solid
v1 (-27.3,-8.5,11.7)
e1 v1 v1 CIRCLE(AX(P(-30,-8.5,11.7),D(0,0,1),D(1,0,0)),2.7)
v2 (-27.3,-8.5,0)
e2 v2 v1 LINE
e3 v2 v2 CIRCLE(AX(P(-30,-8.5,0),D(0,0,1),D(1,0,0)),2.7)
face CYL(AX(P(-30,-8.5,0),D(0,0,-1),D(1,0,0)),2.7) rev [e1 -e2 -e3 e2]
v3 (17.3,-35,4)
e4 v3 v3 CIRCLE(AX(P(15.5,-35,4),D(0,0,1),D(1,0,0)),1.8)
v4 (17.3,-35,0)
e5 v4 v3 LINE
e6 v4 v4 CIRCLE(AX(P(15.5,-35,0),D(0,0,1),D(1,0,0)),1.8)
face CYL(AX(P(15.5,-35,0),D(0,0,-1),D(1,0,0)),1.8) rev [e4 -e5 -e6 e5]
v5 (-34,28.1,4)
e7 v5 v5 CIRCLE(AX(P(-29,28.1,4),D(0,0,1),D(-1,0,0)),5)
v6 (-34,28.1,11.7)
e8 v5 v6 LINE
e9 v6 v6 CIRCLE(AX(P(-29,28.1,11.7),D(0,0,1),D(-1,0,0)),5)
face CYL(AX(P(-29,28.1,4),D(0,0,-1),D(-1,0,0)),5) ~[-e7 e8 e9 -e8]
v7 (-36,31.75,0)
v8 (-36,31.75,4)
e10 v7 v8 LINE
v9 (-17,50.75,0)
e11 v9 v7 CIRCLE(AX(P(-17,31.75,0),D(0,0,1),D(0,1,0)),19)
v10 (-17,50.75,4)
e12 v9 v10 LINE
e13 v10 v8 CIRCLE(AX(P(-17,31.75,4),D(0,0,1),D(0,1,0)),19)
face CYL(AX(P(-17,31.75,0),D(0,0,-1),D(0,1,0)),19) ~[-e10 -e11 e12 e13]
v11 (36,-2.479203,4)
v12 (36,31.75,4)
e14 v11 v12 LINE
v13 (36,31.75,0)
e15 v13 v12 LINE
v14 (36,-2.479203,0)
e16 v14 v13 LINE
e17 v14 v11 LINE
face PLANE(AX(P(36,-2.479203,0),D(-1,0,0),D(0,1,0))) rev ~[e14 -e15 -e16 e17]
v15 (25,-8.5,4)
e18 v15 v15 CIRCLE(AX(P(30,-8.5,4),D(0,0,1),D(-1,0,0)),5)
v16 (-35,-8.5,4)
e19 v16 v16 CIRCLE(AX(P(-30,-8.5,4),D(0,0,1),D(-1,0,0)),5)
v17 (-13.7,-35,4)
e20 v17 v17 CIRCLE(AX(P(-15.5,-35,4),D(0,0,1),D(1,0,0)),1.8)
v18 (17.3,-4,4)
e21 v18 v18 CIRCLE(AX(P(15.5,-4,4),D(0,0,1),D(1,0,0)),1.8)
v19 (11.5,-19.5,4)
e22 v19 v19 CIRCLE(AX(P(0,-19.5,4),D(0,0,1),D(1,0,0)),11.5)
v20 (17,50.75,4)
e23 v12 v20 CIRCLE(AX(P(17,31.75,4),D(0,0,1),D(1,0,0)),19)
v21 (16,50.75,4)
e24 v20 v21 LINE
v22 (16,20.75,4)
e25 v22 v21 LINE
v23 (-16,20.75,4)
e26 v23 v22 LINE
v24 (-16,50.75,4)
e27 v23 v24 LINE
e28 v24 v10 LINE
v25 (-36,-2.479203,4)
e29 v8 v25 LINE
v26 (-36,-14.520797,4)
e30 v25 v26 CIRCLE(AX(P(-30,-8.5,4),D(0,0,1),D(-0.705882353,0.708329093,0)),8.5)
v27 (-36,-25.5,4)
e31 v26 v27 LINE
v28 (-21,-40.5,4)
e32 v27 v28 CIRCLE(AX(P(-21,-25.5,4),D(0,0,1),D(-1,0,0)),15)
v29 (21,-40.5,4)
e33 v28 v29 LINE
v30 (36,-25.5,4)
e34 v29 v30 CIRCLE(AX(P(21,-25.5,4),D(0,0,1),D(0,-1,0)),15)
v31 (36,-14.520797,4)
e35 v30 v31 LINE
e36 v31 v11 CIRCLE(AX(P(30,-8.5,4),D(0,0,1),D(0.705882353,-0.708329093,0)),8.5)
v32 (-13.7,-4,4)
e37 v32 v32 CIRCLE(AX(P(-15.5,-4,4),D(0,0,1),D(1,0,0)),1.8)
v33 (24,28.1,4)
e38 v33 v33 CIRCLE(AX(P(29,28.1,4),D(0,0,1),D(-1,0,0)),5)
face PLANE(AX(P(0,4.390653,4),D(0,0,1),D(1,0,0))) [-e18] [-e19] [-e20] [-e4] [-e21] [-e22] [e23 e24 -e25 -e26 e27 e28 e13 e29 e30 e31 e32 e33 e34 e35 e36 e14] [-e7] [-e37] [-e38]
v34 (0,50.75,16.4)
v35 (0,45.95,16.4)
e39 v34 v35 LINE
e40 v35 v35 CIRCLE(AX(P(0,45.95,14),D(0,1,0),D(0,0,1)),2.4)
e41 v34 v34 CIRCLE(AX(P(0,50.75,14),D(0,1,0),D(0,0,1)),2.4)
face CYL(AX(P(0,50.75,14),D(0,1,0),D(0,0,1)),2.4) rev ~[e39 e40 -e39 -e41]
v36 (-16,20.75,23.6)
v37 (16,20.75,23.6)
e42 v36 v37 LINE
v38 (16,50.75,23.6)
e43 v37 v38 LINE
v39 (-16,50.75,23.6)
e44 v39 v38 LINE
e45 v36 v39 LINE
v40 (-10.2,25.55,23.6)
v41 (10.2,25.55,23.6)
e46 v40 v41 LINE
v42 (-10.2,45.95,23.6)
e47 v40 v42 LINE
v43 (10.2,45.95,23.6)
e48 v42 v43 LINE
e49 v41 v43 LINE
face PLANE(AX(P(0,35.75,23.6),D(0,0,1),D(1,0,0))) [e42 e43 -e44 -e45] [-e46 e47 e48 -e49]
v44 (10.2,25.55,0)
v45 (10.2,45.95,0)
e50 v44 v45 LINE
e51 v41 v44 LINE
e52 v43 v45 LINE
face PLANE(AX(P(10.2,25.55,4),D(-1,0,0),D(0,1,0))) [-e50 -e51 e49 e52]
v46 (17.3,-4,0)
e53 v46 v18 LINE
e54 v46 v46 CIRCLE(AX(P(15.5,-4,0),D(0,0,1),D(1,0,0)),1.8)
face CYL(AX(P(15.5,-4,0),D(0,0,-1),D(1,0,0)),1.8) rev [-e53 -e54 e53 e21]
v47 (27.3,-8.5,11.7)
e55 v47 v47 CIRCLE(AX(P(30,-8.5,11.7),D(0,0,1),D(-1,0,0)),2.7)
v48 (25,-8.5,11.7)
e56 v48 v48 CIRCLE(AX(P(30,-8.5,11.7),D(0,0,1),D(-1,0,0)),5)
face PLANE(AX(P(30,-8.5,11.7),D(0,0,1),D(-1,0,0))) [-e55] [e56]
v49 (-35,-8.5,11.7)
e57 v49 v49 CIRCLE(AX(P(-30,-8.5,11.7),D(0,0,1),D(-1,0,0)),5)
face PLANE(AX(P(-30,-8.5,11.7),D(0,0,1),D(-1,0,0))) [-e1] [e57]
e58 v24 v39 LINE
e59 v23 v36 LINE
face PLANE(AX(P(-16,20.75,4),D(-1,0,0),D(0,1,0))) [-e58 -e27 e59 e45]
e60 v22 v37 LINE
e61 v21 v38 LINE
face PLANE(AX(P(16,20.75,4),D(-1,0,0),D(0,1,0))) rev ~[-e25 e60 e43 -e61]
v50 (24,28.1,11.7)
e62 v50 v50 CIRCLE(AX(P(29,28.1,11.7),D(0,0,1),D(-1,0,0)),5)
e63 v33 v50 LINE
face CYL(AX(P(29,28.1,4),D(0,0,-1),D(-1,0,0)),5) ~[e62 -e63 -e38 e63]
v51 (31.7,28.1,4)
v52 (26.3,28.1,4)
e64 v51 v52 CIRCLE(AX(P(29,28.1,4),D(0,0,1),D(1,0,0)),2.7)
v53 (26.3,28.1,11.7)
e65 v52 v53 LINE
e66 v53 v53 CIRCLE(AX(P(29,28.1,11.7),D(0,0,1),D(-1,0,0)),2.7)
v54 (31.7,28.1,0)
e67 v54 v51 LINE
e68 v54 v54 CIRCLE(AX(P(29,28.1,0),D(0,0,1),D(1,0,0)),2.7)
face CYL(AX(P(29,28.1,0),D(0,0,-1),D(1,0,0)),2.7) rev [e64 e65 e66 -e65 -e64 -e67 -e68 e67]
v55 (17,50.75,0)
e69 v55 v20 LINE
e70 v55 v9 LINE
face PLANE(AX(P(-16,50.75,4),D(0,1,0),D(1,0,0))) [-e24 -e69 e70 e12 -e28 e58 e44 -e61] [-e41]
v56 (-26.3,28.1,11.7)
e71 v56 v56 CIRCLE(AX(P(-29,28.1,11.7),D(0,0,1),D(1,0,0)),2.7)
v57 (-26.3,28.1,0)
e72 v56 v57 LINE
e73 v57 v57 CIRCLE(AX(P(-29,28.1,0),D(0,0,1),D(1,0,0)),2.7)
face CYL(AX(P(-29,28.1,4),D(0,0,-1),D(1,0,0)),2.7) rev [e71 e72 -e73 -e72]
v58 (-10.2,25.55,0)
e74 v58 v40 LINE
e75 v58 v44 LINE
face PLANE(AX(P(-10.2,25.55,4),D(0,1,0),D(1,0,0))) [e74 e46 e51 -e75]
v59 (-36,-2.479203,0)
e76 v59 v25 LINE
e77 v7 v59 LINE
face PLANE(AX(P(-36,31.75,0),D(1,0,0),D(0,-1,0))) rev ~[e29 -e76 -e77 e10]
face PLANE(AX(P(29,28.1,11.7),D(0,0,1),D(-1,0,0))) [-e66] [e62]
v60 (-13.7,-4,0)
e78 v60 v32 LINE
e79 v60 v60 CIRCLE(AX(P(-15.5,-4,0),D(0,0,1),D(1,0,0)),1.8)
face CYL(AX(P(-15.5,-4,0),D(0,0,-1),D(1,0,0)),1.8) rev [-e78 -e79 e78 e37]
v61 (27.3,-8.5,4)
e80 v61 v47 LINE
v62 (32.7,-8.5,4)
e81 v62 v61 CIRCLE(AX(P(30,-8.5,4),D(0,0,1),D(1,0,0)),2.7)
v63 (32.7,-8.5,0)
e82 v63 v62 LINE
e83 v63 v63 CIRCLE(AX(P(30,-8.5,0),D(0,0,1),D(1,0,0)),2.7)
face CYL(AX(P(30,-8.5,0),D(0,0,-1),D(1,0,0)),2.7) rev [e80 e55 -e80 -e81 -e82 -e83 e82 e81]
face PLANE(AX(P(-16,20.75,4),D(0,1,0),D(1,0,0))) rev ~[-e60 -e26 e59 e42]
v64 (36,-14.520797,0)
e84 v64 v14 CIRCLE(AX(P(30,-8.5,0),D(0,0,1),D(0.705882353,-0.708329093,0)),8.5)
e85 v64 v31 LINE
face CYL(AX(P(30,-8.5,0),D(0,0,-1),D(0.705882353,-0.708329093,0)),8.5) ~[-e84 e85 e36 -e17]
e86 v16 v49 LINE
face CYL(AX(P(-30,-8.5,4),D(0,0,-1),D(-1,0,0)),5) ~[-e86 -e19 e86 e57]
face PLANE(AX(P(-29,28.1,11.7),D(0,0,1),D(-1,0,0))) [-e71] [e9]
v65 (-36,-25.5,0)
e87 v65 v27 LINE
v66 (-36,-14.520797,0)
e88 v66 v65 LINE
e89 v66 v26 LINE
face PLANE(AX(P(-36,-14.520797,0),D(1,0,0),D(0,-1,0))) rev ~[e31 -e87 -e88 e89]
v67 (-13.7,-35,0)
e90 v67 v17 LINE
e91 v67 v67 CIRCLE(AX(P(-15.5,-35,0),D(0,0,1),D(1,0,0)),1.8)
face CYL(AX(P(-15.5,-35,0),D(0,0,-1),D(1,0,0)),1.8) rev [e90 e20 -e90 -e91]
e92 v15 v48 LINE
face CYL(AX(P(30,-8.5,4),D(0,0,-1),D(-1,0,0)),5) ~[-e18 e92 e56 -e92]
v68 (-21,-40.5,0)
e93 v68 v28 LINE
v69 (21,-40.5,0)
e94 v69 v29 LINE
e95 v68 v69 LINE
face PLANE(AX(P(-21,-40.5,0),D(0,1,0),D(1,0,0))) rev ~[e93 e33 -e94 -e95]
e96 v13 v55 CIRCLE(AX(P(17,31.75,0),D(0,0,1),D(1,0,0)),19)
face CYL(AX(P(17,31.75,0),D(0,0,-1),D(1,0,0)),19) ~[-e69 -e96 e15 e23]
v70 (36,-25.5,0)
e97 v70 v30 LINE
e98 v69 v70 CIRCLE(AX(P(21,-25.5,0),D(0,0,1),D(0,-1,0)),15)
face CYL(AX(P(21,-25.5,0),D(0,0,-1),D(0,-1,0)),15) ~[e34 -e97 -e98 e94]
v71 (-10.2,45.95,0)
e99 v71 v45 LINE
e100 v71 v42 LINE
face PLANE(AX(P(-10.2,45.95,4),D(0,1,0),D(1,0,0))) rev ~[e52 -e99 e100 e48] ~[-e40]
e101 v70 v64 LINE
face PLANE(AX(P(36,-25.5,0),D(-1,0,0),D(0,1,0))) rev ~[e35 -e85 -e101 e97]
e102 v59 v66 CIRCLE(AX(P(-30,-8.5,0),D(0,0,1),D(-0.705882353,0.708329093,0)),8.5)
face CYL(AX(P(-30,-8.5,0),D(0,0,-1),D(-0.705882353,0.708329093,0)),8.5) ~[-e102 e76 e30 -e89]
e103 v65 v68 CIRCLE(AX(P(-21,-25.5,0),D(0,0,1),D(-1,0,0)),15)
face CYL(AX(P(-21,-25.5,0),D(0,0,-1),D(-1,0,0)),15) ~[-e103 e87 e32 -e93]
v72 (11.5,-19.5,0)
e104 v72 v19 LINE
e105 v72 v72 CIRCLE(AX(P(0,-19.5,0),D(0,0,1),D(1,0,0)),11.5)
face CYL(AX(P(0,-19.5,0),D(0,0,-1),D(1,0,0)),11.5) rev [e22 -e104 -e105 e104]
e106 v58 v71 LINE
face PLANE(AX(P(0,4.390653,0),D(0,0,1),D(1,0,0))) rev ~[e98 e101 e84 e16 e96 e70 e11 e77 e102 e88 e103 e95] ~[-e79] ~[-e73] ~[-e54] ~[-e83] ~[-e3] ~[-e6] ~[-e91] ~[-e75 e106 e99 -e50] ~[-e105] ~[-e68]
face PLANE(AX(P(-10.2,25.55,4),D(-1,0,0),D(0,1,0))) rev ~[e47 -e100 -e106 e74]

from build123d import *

# Parameters (mm, degrees)
SKETCH_1_R          = 1.8
SKETCH_1_R_2        = 11.5
SKETCH_1_R_3        = 2.7
SKETCH_1_W          = 20.4
SKETCH_1_H          = 20.4
EXTRUDE_1_DEPTH     = 4
EXTRUDE_START       = 4
SKETCH_1_4_W        = 32
SKETCH_1_4_H        = 30
SKETCH_1_4_W_2      = 20.4
SKETCH_1_4_H_2      = 20.4
SKETCH_1_4_R        = 1.6
EXTRUDE_3_DEPTH     = 19.6
CUT_EXTRUDE_4_REACH = 103.812
SKETCH_8_R          = 2.4
SKETCH_9_R          = 5
SKETCH_9_R_2        = 2.7
EXTRUDE_4_DEPTH     = 7.7


with BuildPart() as part:
    # 草图1 → 凸台-拉伸1 (new body)
    with BuildSketch(Plane.XY):
        with BuildLine():
            ThreePointArc((-36, -25.5), (-31.606601718, -36.106601718), (-21, -40.5))
            Line((-21, -40.5), (21, -40.5))
            ThreePointArc((21, -40.5), (31.606601718, -36.106601718), (36, -25.5))
            Line((36, -25.5), (36, -14.520797289))
            ThreePointArc((36, -14.520797289), (38.5, -8.5), (36, -2.479202711))
            Line((36, -2.479202711), (36, 31.75))
            ThreePointArc((36, 31.75), (30.435028843, 45.185028843), (17, 50.75))
            Line((17, 50.75), (-17, 50.75))
            ThreePointArc((-17, 50.75), (-30.435028843, 45.185028843), (-36, 31.75))
            Line((-36, 31.75), (-36, -2.479202711))
            ThreePointArc((-36, -2.479202711), (-38.5, -8.5), (-36, -14.520797289))
            Line((-36, -14.520797289), (-36, -25.5))
        make_face()
        with Locations((15.5, -35)):
            Circle(SKETCH_1_R, mode=Mode.SUBTRACT)
        with Locations((0, -19.5)):
            Circle(SKETCH_1_R_2, mode=Mode.SUBTRACT)
        with Locations((15.5, -4)):
            Circle(SKETCH_1_R, mode=Mode.SUBTRACT)
        with Locations((-15.5, -35)):
            Circle(SKETCH_1_R, mode=Mode.SUBTRACT)
        with Locations((-15.5, -4)):
            Circle(SKETCH_1_R, mode=Mode.SUBTRACT)
        with Locations((-30, -8.5)):
            Circle(SKETCH_1_R_3, mode=Mode.SUBTRACT)
        with Locations((30, -8.5)):
            Circle(SKETCH_1_R_3, mode=Mode.SUBTRACT)
        with Locations((-29, 28.1)):
            Circle(SKETCH_1_R_3, mode=Mode.SUBTRACT)
        with Locations((29, 28.1)):
            Circle(SKETCH_1_R_3, mode=Mode.SUBTRACT)
        with Locations((0, 35.75)):
            Rectangle(SKETCH_1_W, SKETCH_1_H, mode=Mode.SUBTRACT)
    extrude(amount=EXTRUDE_1_DEPTH)

    # 草图1<4> → 凸台-拉伸3 (add)
    # profile 1 of 3: a face of its own
    with BuildSketch(Plane.XY.offset(EXTRUDE_START)):
        with Locations((0, 35.75)):
            Rectangle(SKETCH_1_4_W, SKETCH_1_4_H)
        with Locations((0, 35.75)):
            Rectangle(SKETCH_1_4_W_2, SKETCH_1_4_H_2, mode=Mode.SUBTRACT)
    # profile 2 of 3: a face of its own
    with BuildSketch(Plane.XY.offset(EXTRUDE_START)):
        with Locations((-13.2, 35.75)):
            Circle(SKETCH_1_4_R)
    # profile 3 of 3: a face of its own
    with BuildSketch(Plane.XY.offset(EXTRUDE_START)):
        with Locations((13.2, 35.75)):
            Circle(SKETCH_1_4_R)
    extrude(amount=EXTRUDE_3_DEPTH)

    # 草图8 → 切除-拉伸4 (cut, up to next)
    with BuildSketch(Plane(origin=(0, 50.75, 0), x_dir=(1, 0, 0), z_dir=(0, 1, 0)), mode=Mode.PRIVATE) as cut_extrude_4_sk1:
        with Locations(Location((0, -14, 0), (0, 0, 270))):
            Circle(SKETCH_8_R)
    cut_extrude_4_tool1 = extrude(cut_extrude_4_sk1.sketch, amount=-CUT_EXTRUDE_4_REACH, mode=Mode.PRIVATE) & part.part
    add(cut_extrude_4_tool1.solids().sort_by_distance((0, 50.75, 14))[0], mode=Mode.SUBTRACT)

    # 草图9 → 凸台-拉伸4 (add)
    # profile 1 of 4: a face of its own
    with BuildSketch(Plane.XY.offset(4)):
        with Locations(Location((-29, 28.1, 0), (0, 0, 180))):
            Circle(SKETCH_9_R)
        with Locations((-29, 28.1)):
            Circle(SKETCH_9_R_2, mode=Mode.SUBTRACT)
    # profile 2 of 4: a face of its own
    with BuildSketch(Plane.XY.offset(4)):
        with Locations(Location((-30, -8.5, 0), (0, 0, 180))):
            Circle(SKETCH_9_R)
        with Locations((-30, -8.5)):
            Circle(SKETCH_9_R_2, mode=Mode.SUBTRACT)
    # profile 3 of 4: a face of its own
    with BuildSketch(Plane.XY.offset(4)):
        with Locations(Location((30, -8.5, 0), (0, 0, 180))):
            Circle(SKETCH_9_R)
        with Locations(Location((30, -8.5, 0), (0, 0, 180))):
            Circle(SKETCH_9_R_2, mode=Mode.SUBTRACT)
    # profile 4 of 4: a face of its own
    with BuildSketch(Plane.XY.offset(4)):
        with Locations(Location((29, 28.1, 0), (0, 0, 180))):
            Circle(SKETCH_9_R)
        with Locations(Location((29, 28.1, 0), (0, 0, 180))):
            Circle(SKETCH_9_R_2, mode=Mode.SUBTRACT)
    extrude(amount=EXTRUDE_4_DEPTH)


solid = part.part
